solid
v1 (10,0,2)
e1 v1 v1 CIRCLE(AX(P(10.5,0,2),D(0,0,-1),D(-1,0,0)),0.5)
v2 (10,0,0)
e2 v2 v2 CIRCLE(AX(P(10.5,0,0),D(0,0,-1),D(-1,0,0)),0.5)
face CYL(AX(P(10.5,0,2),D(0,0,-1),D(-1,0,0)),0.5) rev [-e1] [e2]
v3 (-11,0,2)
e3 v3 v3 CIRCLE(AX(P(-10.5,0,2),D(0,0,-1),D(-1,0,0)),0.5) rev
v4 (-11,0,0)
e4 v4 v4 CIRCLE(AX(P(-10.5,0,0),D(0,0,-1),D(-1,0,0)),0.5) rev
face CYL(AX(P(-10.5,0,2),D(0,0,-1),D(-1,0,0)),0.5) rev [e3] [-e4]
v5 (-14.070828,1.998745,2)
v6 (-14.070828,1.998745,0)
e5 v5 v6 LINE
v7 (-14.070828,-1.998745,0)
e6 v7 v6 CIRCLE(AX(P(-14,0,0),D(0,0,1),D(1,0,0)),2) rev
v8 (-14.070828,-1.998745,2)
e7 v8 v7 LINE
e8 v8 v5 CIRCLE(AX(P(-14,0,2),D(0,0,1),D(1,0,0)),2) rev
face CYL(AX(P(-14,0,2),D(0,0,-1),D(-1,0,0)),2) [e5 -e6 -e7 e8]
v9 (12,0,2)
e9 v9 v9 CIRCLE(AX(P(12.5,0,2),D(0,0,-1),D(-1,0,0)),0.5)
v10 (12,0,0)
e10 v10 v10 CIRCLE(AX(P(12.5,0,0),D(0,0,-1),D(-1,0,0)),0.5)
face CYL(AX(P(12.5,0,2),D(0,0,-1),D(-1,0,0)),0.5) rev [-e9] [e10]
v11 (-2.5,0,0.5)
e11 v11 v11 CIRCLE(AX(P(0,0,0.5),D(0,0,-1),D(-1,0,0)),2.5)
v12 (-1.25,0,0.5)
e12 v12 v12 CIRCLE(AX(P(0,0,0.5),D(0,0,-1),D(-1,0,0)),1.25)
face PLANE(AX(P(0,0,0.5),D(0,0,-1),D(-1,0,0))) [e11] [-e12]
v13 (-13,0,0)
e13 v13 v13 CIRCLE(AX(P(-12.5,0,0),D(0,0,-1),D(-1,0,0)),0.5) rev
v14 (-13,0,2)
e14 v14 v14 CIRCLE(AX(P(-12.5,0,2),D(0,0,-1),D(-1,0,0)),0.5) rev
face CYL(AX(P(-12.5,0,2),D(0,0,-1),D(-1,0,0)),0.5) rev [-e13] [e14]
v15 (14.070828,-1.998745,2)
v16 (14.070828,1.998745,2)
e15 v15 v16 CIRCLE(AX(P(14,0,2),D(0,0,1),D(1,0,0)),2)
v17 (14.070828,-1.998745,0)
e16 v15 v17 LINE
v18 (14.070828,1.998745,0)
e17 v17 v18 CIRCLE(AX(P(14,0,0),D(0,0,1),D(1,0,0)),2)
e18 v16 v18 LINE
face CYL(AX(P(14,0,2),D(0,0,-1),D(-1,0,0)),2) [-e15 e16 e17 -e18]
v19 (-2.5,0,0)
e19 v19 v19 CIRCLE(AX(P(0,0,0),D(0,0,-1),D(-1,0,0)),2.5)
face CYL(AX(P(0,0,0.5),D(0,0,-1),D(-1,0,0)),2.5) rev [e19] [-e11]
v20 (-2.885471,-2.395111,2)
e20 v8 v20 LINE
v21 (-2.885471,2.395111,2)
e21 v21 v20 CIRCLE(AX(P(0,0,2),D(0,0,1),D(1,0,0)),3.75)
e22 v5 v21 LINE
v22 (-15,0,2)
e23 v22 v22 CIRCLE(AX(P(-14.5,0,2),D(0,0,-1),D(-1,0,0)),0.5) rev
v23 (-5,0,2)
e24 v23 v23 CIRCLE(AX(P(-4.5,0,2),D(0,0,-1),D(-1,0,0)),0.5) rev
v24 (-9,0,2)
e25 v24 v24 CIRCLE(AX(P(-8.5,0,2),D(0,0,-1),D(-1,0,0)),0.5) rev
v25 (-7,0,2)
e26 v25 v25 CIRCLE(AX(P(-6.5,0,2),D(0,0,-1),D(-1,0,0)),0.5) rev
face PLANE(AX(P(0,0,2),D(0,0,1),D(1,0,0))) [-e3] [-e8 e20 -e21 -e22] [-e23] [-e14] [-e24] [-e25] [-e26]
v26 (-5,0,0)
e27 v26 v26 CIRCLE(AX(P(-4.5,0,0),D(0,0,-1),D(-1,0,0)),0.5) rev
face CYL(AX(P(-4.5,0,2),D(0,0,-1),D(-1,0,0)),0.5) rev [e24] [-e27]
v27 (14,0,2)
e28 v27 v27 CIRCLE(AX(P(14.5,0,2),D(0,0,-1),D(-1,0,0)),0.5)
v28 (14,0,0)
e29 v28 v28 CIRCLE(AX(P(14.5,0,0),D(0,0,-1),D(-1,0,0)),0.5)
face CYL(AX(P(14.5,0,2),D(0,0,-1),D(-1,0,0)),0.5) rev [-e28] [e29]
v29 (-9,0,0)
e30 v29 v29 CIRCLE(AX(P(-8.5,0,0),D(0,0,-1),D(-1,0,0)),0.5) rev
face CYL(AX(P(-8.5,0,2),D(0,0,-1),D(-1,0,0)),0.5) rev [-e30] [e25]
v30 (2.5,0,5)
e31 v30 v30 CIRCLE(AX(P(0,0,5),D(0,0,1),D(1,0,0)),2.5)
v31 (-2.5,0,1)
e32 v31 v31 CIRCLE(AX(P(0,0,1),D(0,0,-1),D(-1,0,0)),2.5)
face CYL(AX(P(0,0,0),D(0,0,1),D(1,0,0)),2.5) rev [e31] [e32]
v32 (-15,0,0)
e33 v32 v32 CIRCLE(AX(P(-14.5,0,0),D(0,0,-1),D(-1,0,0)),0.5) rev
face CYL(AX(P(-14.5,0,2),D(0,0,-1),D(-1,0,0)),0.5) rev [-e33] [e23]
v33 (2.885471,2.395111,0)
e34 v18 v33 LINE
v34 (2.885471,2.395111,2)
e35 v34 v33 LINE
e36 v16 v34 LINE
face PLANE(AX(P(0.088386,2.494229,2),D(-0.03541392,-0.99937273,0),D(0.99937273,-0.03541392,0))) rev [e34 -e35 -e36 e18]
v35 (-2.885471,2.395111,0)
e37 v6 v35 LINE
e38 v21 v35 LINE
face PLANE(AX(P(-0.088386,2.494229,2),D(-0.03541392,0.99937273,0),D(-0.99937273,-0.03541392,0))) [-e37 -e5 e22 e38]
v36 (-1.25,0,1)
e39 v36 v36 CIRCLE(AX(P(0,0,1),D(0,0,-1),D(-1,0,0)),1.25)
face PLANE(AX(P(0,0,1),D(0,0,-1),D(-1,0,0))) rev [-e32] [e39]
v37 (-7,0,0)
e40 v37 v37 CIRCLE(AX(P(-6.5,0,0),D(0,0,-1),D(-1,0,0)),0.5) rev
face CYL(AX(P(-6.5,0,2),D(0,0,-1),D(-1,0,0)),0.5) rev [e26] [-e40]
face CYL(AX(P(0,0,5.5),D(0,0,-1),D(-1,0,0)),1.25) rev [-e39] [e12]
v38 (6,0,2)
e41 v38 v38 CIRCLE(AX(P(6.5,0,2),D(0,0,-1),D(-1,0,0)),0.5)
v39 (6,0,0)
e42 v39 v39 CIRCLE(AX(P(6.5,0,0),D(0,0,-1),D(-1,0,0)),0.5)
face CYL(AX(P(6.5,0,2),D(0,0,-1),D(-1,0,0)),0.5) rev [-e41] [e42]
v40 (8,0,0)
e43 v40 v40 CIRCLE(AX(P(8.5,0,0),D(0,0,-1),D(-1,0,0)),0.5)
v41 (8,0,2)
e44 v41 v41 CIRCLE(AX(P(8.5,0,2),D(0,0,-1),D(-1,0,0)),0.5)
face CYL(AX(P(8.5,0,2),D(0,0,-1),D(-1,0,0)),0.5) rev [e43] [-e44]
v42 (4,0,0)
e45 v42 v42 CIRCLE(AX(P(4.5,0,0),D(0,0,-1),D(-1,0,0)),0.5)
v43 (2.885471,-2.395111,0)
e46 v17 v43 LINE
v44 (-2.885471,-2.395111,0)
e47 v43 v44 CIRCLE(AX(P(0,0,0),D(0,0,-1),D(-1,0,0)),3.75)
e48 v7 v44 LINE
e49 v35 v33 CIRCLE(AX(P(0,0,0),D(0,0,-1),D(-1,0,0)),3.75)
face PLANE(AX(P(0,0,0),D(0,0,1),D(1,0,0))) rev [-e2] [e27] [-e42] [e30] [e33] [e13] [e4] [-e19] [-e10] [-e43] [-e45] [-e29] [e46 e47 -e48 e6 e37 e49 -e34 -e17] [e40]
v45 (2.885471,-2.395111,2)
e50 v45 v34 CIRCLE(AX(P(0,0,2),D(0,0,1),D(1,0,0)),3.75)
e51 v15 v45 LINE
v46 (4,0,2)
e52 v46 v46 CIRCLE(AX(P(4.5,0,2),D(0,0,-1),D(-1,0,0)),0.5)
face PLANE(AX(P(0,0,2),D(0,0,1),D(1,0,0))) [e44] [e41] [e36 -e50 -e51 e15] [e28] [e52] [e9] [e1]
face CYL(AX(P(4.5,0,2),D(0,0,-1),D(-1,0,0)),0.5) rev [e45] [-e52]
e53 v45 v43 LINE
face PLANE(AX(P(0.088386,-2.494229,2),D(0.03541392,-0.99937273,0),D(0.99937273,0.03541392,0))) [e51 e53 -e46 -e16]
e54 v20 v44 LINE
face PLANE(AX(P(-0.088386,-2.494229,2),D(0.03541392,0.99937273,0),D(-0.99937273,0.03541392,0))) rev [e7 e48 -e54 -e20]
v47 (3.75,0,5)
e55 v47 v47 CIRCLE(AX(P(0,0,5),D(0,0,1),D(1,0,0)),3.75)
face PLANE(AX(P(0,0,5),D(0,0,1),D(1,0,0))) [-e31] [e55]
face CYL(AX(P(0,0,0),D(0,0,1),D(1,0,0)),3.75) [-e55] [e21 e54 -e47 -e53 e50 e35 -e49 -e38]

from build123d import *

# Parameters (mm, degrees)
EXTRUDE_3_DEPTH     = 2
EXTRUDE_3_2_DEPTH   = 2
SKETCH_2_R          = 3.75
SKETCH_2_R_2        = 2.5
EXTRUDE_5_DEPTH     = 3
SKETCH_3_R          = 3.75
SKETCH_3_R_2        = 2.5
EXTRUDE_6_DEPTH     = 2
SKETCH_4_R          = 0.5
CUT_EXTRUDE_1_DEPTH = 2
SKETCH_5_R          = 2.5
EXTRUDE_7_DEPTH     = 1
SKETCH_6_R          = 2.5
CUT_EXTRUDE_2_DEPTH = 0.5
SKETCH_7_R          = 1.25
CUT_EXTRUDE_3_DEPTH = 5


with BuildPart() as part:
    # Эскиз1 → Бобышка-Вытянуть3 (new body)
    with BuildSketch(Plane.XY):
        with BuildLine():
            ThreePointArc((-2.88547071, -2.395111434), (-3.527252129, -1.273182005), (-3.75, 0))
            ThreePointArc((-3.75, 0), (-3.527252129, 1.273182005), (-2.88547071, 2.395111434))
            Line((-2.88547071, 2.395111434), (-14.07082784, 1.998745461))
            ThreePointArc((-14.07082784, 1.998745461), (-16, 0), (-14.07082784, -1.998745461))
            Line((-14.07082784, -1.998745461), (-2.88547071, -2.395111434))
        make_face()
    extrude(amount=EXTRUDE_3_DEPTH)



with BuildPart() as body_2:
    # Эскиз1 → Extrude 3 2 (new body)
    with BuildSketch(Plane.XY):
        with BuildLine():
            Line((14.07082784, 1.998745461), (2.88547071, 2.395111434))
            ThreePointArc((2.88547071, 2.395111434), (3.75, 0), (2.88547071, -2.395111434))
            Line((2.88547071, -2.395111434), (14.07082784, -1.998745461))
            ThreePointArc((14.07082784, -1.998745461), (16, 0), (14.07082784, 1.998745461))
        make_face()
    extrude(amount=EXTRUDE_3_2_DEPTH)


with BuildPart() as body_3:
    # Эскиз2 → Бобышка-Вытянуть5 (new body)
    with BuildSketch(Plane.XY.offset(2)):
        Circle(SKETCH_2_R)
        Circle(SKETCH_2_R_2, mode=Mode.SUBTRACT)
    extrude(amount=EXTRUDE_5_DEPTH)


with BuildPart() as part_1:
    add(part.part)

    add(body_2.part)  # Бобышка-Вытянуть6 merges body 2

    add(body_3.part)  # Бобышка-Вытянуть6 merges body 3
    # Эскиз3 → Бобышка-Вытянуть6 (add)
    with BuildSketch(Plane(origin=(0, 0, 2), x_dir=(-1, 0, 0), z_dir=(0, 0, -1))):
        Circle(SKETCH_3_R)
        Circle(SKETCH_3_R_2, mode=Mode.SUBTRACT)
    extrude(amount=EXTRUDE_6_DEPTH)

    # Эскиз4 → Вырез-Вытянуть1 (cut)
    with BuildSketch(Plane(origin=(0, 0, 0), x_dir=(-1, 0, 0), z_dir=(0, 0, -1))):
        with Locations((-14.5, 0)):
            Circle(SKETCH_4_R)
        with Locations((-4.5, 0)):
            Circle(SKETCH_4_R)
        with Locations((-6.5, 0)):
            Circle(SKETCH_4_R)
        with Locations((-8.5, 0)):
            Circle(SKETCH_4_R)
        with Locations((-10.5, 0)):
            Circle(SKETCH_4_R)
        with Locations((-12.5, 0)):
            Circle(SKETCH_4_R)
        with Locations((4.5, 0)):
            Circle(SKETCH_4_R)
        with Locations((6.5, 0)):
            Circle(SKETCH_4_R)
        with Locations((8.5, 0)):
            Circle(SKETCH_4_R)
        with Locations((10.5, 0)):
            Circle(SKETCH_4_R)
        with Locations((12.5, 0)):
            Circle(SKETCH_4_R)
        with Locations((14.5, 0)):
            Circle(SKETCH_4_R)
    extrude(amount=-CUT_EXTRUDE_1_DEPTH, mode=Mode.SUBTRACT)

    # Эскиз5 → Бобышка-Вытянуть7 (add)
    with BuildSketch(Plane(origin=(0, 0, 0), x_dir=(-1, 0, 0), z_dir=(0, 0, -1))):
        Circle(SKETCH_5_R)
    extrude(amount=-EXTRUDE_7_DEPTH)

    # Эскиз6 → Вырез-Вытянуть2 (cut)
    with BuildSketch(Plane(origin=(0, 0, 0), x_dir=(-1, 0, 0), z_dir=(0, 0, -1))):
        Circle(SKETCH_6_R)
    extrude(amount=-CUT_EXTRUDE_2_DEPTH, mode=Mode.SUBTRACT)

    # Эскиз7 → Вырез-Вытянуть3 (cut)
    with BuildSketch(Plane(origin=(0, 0, 0.5), x_dir=(-1, 0, 0), z_dir=(0, 0, -1))):
        Circle(SKETCH_7_R)
    extrude(amount=-CUT_EXTRUDE_3_DEPTH, mode=Mode.SUBTRACT)


solid = part_1.part
